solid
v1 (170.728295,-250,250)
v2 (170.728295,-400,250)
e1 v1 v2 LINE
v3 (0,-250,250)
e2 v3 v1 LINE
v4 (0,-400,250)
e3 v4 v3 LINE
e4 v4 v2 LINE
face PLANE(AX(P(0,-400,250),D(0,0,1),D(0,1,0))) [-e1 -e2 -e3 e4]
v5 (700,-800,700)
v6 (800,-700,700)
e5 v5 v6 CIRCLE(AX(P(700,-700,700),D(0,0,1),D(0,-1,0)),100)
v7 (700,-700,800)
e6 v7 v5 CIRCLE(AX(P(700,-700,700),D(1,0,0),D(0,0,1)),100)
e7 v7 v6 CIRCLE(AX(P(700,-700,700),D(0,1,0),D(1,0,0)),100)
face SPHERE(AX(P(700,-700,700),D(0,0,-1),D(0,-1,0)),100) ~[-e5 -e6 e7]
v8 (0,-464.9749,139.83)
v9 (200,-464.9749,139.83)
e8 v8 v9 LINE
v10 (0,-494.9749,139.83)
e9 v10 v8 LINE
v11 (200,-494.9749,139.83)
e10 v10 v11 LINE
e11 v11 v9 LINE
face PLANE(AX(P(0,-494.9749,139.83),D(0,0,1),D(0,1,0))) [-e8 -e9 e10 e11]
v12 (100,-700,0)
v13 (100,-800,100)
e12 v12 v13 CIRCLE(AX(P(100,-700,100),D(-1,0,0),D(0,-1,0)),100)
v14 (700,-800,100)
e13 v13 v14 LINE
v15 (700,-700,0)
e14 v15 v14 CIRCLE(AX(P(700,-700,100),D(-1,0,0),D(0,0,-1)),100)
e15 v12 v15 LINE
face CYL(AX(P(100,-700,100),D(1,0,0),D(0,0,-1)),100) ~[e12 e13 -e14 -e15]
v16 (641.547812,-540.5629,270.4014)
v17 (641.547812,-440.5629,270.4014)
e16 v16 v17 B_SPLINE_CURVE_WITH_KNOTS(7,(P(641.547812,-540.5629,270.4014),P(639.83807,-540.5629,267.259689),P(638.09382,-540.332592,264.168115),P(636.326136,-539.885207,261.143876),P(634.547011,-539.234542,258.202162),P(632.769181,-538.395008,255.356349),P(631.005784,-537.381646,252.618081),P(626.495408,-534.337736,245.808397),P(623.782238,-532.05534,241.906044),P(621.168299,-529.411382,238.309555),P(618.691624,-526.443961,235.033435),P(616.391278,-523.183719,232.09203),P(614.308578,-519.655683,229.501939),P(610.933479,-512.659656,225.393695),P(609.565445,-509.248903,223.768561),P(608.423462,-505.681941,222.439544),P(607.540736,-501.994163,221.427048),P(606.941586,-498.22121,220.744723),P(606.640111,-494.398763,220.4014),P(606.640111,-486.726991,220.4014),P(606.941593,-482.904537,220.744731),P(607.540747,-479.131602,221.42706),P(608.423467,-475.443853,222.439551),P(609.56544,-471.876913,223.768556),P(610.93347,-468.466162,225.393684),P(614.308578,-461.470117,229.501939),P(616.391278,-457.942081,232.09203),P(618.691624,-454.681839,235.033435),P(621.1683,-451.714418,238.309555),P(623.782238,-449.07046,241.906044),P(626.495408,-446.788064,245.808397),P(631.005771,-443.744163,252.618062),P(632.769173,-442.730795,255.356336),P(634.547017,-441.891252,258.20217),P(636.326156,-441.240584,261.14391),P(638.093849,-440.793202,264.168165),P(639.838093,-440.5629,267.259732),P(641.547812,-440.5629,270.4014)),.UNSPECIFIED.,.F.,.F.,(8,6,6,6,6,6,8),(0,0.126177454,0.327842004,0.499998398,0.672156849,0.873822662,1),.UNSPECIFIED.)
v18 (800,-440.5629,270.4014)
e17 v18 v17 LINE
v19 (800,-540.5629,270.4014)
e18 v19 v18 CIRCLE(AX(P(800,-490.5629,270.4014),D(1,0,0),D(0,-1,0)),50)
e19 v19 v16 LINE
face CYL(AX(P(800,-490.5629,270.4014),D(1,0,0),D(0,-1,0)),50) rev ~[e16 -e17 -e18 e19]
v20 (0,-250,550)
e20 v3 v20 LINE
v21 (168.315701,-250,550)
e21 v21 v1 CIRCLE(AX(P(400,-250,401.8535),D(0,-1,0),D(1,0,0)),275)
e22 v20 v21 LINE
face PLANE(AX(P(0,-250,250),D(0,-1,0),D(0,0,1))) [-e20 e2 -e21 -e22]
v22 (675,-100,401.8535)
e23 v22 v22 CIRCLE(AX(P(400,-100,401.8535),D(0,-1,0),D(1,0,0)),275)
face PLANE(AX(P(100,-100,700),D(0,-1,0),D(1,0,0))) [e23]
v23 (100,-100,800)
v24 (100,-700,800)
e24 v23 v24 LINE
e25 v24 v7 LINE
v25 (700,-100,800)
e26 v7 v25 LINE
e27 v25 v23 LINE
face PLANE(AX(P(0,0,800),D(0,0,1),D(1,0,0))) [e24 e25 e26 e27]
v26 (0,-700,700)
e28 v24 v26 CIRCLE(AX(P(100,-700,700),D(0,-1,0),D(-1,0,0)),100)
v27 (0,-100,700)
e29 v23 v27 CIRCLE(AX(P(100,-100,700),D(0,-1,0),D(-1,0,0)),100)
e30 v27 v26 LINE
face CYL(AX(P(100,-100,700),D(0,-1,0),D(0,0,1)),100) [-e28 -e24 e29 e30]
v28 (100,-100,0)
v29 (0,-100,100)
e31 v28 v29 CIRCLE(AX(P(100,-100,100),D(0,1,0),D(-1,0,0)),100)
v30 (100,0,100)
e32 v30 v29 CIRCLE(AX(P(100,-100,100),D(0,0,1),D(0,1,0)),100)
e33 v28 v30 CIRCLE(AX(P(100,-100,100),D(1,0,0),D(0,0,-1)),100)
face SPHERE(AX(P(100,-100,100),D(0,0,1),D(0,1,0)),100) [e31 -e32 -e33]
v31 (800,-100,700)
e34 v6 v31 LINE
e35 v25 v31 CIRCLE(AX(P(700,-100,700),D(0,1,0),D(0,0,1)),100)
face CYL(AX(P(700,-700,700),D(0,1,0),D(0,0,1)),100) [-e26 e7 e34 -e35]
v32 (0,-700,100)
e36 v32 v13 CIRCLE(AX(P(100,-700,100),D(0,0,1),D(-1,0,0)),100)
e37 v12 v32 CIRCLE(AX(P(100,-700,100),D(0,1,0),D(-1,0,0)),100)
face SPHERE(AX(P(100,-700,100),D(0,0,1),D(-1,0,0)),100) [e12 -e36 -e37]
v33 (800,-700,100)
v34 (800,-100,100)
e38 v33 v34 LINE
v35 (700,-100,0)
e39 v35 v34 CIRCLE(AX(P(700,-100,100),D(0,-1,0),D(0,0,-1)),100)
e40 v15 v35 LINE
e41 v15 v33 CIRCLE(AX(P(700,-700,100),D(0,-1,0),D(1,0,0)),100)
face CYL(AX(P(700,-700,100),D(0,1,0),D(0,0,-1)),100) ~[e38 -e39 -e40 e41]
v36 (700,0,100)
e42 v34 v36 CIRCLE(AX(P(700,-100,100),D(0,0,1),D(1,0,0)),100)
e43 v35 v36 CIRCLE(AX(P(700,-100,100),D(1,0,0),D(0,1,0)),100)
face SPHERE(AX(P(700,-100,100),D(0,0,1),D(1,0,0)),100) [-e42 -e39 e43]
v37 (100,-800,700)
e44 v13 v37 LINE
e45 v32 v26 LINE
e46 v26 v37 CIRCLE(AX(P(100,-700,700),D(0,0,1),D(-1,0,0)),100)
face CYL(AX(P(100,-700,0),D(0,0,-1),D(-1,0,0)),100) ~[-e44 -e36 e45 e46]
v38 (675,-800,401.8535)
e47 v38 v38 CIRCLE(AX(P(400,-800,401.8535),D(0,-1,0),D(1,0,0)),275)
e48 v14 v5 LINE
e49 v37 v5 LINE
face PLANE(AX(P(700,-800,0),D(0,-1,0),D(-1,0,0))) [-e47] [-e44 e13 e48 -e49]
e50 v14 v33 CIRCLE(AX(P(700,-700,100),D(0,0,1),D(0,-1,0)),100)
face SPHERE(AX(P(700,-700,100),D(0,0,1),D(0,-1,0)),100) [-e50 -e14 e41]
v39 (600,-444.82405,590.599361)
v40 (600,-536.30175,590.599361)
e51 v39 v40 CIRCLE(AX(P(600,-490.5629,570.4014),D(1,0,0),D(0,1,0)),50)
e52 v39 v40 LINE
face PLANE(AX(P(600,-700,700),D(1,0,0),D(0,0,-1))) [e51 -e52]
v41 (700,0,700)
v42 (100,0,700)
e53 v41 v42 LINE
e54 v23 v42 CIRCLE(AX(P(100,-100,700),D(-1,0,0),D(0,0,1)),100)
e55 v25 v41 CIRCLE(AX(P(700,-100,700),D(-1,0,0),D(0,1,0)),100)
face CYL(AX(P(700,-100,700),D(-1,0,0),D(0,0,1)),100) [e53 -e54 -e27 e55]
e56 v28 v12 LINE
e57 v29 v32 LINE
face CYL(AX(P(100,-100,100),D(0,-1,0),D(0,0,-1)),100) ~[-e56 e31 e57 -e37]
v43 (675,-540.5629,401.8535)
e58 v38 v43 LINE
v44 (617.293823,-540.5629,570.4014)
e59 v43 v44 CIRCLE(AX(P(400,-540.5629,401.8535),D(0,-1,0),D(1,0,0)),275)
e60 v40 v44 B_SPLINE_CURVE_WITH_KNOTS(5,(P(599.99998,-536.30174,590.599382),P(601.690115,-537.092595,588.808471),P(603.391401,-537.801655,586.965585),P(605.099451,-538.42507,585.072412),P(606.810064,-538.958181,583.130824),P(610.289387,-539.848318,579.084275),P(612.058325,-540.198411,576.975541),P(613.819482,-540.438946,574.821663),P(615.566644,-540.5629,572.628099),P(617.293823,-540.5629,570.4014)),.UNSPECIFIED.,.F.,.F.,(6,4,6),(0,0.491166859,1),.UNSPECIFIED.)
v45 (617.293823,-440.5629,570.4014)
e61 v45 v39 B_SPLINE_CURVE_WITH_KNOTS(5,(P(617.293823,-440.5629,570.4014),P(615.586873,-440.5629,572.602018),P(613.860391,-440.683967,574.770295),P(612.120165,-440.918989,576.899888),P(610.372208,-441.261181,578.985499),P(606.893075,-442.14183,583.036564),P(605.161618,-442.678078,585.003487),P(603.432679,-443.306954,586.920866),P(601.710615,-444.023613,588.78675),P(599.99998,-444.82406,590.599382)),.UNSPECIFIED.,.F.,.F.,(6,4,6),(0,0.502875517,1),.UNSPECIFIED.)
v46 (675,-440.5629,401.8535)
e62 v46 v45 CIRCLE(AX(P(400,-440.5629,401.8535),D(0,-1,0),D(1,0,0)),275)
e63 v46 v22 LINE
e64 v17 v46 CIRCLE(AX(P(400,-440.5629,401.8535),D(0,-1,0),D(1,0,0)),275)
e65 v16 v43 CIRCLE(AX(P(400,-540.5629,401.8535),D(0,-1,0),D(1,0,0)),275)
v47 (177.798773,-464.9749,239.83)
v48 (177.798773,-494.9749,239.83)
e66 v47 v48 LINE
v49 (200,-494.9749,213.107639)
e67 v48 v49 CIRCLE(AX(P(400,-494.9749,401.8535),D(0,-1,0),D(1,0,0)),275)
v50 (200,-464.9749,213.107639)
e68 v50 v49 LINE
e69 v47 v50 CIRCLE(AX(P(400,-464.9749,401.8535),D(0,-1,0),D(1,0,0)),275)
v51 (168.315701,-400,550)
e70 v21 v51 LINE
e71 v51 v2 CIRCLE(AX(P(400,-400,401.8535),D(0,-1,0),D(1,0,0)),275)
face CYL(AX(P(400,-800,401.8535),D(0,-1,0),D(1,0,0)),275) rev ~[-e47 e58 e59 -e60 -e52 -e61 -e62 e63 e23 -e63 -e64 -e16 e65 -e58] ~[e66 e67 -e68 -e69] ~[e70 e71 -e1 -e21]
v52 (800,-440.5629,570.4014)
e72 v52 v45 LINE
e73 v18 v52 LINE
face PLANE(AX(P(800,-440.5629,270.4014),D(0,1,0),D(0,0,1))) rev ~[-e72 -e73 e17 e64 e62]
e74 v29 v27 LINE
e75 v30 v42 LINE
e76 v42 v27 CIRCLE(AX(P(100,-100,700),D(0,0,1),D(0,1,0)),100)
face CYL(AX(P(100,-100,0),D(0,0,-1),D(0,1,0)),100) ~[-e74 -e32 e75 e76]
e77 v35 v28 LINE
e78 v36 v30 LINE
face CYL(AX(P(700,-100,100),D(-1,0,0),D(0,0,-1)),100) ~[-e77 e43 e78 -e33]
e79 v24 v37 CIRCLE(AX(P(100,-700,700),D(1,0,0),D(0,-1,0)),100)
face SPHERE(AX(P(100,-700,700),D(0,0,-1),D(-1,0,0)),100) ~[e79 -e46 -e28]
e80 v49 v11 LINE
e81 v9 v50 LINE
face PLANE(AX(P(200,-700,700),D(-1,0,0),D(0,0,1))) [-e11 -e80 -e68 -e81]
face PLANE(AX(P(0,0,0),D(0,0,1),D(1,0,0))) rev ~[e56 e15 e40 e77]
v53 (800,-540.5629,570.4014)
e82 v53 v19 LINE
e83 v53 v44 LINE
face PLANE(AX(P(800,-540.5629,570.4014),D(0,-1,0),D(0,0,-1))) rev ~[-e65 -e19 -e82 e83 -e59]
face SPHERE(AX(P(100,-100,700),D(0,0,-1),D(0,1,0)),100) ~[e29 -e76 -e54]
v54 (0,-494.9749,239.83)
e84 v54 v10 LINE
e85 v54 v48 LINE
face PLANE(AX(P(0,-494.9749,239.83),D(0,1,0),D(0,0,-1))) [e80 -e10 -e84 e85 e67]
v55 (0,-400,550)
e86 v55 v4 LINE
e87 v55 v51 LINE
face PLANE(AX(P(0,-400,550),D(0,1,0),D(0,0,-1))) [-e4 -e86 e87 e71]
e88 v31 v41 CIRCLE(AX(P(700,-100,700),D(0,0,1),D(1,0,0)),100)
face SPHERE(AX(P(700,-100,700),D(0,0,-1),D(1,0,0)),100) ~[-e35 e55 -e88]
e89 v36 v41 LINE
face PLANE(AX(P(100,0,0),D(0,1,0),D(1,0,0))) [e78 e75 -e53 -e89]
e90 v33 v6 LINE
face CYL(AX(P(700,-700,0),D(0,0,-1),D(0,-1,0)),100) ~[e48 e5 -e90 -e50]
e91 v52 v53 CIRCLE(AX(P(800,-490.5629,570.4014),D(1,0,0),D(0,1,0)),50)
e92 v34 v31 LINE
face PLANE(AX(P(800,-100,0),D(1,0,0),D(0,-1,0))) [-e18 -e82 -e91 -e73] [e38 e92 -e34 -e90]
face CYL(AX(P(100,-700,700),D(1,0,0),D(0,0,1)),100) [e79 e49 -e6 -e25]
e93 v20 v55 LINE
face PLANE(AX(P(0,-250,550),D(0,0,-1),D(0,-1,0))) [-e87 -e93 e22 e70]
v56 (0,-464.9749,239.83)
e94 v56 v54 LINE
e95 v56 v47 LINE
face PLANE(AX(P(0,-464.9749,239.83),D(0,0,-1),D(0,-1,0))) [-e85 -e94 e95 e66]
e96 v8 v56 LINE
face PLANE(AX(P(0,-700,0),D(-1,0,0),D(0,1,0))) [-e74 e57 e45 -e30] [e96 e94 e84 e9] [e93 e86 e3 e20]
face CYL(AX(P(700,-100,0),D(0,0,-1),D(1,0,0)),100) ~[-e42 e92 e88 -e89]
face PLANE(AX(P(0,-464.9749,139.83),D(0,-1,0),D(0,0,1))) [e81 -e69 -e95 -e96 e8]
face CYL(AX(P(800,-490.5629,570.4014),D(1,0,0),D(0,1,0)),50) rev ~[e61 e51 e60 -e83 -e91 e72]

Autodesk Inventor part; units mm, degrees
ref_plane "YZ Plane" through (0, 0, 0) normal (1, 0, 0) x (0, 1, 0)
ref_plane "XZ Plane" through (0, 0, 0) normal (0, 1, 0) x (-1, 0, 0)
ref_plane "XY Plane" through (0, 0, 0) normal (0, 0, 1) x (1, 0, 0)
sketch "Sketch1" plane through (0, 0, 0) normal (0, 0, 1) x (1, 0, 0)
  line L0 (100, 0) -> (700, 0)
  line L1 (800, -100) -> (800, -700)
  line L2 (700, -800) -> (100, -800)
  line L3 (0, -700) -> (0, -100)
  arc A0 (2, 0) -> (0, -2) centre (2, -2) ccw
  arc A1 (800, -100) -> (700, 0) centre (700, -100) ccw
  arc A2 (100, 0) -> (0, -100) centre (100, -100) ccw
  arc A3 (0, -700) -> (100, -800) centre (100, -700) ccw
  arc A4 (700, -800) -> (800, -700) centre (700, -700) ccw
  point P0 (0, 0)
  point P1 (800, -800)
  point P2 (0, -800)
  dimension "d0" = 800
  dimension "d1" = 800
  dimension "d2" = 2
  dimension "d3" = 100
extrude "Extrusion1" add sketch "Sketch1" along normal blind 800
sketch "Sketch2" plane through (0, -700, 0) normal (-1, 0, 0) x (0, 0, 1)
  line L0 (250, 450) -> (550, 450)
  line L1 (550, 450) -> (550, 300)
  line L2 (550, 300) -> (250, 300)
  line L3 (250, 300) -> (250, 450)
  line L4 (0, 700) -> (800, 700) projected
  line L5 (0, -100) -> (800, -100) projected
  line L6 (800, 600) -> (800, 0) projected
  line L7 (0, 600) -> (0, 0) projected
  dimension "d6" = 300
  dimension "d7" = 150
  dimension "d8" = 250
  dimension "d9" = 400
  dimension "d10" = 250
  dimension "d11" = 250
extrude "Extrusion2" cut sketch "Sketch2" against normal blind 200
fillet "Fillet1" radius 100 16 edges at (29.2893, -770.7107, 0) (400, -800, 0) (770.7107, -770.7107, 0) (800, -400, 0) (770.7107, -29.2893, 0) (400, 0, 0) (29.2893, -29.2893, 0) (0, -400, 0) (29.2893, -770.7107, 800) (400, -800, 800) (770.7107, -770.7107, 800) (800, -400, 800) (770.7107, -29.2893, 800) (400, 0, 800) (29.2893, -29.2893, 800) (0, -400, 800)
sketch "Sketch3" plane through (100, -800, 700) normal (0, -1, 0) x (1, 0, 0)
  circle A0 centre (300, -298.1465) radius 275
  line L0 (-100, -600) -> (-100, 0) projected
  line L1 (700, -600) -> (700, 0) projected
  point P0 (-100, -700)
  dimension "d15" = 550
  dimension "d16" = 400
  dimension "d17" = 400
extrude "Extrusion3" cut sketch "Sketch3" against normal blind 700
sketch "Sketch4" plane through (0, -700, 700) normal (-1, 0, 0) x (0, 0, 1)
  line L0 (-560.17, 235.0251) -> (-460.17, 235.0251)
  line L1 (-460.17, 235.0251) -> (-460.17, 205.0251)
  line L2 (-460.17, 205.0251) -> (-560.17, 205.0251)
  line L3 (-560.17, 205.0251) -> (-560.17, 235.0251)
  point P0 (-700, 700)
  dimension "d20" = 100
  dimension "d21" = 30
extrude "Extrusion4" cut sketch "Sketch4" against normal blind 200
sketch "Sketch5" plane through (800, -700, 700) normal (1, 0, 0) x (0, 0, -1)
  line L0 (129.5986, 209.4371) -> (429.5986, 209.4371) construction
  line L1 (129.5986, 159.4371) -> (429.5986, 159.4371)
  line L2 (429.5986, 259.4371) -> (129.5986, 259.4371)
  arc A0 (129.5986, 259.4371) -> (129.5986, 159.4371) centre (129.5986, 209.4371) ccw
  arc A1 (429.5986, 159.4371) -> (429.5986, 259.4371) centre (429.5986, 209.4371) ccw
  point P0 (700, 700)
  point P1 (279.5986, 209.4371)
  dimension "d24" = 300
  dimension "d25" = 100
extrude "Extrusion5" cut sketch "Sketch5" against normal blind 200
properties part number "Head_prototype2"
